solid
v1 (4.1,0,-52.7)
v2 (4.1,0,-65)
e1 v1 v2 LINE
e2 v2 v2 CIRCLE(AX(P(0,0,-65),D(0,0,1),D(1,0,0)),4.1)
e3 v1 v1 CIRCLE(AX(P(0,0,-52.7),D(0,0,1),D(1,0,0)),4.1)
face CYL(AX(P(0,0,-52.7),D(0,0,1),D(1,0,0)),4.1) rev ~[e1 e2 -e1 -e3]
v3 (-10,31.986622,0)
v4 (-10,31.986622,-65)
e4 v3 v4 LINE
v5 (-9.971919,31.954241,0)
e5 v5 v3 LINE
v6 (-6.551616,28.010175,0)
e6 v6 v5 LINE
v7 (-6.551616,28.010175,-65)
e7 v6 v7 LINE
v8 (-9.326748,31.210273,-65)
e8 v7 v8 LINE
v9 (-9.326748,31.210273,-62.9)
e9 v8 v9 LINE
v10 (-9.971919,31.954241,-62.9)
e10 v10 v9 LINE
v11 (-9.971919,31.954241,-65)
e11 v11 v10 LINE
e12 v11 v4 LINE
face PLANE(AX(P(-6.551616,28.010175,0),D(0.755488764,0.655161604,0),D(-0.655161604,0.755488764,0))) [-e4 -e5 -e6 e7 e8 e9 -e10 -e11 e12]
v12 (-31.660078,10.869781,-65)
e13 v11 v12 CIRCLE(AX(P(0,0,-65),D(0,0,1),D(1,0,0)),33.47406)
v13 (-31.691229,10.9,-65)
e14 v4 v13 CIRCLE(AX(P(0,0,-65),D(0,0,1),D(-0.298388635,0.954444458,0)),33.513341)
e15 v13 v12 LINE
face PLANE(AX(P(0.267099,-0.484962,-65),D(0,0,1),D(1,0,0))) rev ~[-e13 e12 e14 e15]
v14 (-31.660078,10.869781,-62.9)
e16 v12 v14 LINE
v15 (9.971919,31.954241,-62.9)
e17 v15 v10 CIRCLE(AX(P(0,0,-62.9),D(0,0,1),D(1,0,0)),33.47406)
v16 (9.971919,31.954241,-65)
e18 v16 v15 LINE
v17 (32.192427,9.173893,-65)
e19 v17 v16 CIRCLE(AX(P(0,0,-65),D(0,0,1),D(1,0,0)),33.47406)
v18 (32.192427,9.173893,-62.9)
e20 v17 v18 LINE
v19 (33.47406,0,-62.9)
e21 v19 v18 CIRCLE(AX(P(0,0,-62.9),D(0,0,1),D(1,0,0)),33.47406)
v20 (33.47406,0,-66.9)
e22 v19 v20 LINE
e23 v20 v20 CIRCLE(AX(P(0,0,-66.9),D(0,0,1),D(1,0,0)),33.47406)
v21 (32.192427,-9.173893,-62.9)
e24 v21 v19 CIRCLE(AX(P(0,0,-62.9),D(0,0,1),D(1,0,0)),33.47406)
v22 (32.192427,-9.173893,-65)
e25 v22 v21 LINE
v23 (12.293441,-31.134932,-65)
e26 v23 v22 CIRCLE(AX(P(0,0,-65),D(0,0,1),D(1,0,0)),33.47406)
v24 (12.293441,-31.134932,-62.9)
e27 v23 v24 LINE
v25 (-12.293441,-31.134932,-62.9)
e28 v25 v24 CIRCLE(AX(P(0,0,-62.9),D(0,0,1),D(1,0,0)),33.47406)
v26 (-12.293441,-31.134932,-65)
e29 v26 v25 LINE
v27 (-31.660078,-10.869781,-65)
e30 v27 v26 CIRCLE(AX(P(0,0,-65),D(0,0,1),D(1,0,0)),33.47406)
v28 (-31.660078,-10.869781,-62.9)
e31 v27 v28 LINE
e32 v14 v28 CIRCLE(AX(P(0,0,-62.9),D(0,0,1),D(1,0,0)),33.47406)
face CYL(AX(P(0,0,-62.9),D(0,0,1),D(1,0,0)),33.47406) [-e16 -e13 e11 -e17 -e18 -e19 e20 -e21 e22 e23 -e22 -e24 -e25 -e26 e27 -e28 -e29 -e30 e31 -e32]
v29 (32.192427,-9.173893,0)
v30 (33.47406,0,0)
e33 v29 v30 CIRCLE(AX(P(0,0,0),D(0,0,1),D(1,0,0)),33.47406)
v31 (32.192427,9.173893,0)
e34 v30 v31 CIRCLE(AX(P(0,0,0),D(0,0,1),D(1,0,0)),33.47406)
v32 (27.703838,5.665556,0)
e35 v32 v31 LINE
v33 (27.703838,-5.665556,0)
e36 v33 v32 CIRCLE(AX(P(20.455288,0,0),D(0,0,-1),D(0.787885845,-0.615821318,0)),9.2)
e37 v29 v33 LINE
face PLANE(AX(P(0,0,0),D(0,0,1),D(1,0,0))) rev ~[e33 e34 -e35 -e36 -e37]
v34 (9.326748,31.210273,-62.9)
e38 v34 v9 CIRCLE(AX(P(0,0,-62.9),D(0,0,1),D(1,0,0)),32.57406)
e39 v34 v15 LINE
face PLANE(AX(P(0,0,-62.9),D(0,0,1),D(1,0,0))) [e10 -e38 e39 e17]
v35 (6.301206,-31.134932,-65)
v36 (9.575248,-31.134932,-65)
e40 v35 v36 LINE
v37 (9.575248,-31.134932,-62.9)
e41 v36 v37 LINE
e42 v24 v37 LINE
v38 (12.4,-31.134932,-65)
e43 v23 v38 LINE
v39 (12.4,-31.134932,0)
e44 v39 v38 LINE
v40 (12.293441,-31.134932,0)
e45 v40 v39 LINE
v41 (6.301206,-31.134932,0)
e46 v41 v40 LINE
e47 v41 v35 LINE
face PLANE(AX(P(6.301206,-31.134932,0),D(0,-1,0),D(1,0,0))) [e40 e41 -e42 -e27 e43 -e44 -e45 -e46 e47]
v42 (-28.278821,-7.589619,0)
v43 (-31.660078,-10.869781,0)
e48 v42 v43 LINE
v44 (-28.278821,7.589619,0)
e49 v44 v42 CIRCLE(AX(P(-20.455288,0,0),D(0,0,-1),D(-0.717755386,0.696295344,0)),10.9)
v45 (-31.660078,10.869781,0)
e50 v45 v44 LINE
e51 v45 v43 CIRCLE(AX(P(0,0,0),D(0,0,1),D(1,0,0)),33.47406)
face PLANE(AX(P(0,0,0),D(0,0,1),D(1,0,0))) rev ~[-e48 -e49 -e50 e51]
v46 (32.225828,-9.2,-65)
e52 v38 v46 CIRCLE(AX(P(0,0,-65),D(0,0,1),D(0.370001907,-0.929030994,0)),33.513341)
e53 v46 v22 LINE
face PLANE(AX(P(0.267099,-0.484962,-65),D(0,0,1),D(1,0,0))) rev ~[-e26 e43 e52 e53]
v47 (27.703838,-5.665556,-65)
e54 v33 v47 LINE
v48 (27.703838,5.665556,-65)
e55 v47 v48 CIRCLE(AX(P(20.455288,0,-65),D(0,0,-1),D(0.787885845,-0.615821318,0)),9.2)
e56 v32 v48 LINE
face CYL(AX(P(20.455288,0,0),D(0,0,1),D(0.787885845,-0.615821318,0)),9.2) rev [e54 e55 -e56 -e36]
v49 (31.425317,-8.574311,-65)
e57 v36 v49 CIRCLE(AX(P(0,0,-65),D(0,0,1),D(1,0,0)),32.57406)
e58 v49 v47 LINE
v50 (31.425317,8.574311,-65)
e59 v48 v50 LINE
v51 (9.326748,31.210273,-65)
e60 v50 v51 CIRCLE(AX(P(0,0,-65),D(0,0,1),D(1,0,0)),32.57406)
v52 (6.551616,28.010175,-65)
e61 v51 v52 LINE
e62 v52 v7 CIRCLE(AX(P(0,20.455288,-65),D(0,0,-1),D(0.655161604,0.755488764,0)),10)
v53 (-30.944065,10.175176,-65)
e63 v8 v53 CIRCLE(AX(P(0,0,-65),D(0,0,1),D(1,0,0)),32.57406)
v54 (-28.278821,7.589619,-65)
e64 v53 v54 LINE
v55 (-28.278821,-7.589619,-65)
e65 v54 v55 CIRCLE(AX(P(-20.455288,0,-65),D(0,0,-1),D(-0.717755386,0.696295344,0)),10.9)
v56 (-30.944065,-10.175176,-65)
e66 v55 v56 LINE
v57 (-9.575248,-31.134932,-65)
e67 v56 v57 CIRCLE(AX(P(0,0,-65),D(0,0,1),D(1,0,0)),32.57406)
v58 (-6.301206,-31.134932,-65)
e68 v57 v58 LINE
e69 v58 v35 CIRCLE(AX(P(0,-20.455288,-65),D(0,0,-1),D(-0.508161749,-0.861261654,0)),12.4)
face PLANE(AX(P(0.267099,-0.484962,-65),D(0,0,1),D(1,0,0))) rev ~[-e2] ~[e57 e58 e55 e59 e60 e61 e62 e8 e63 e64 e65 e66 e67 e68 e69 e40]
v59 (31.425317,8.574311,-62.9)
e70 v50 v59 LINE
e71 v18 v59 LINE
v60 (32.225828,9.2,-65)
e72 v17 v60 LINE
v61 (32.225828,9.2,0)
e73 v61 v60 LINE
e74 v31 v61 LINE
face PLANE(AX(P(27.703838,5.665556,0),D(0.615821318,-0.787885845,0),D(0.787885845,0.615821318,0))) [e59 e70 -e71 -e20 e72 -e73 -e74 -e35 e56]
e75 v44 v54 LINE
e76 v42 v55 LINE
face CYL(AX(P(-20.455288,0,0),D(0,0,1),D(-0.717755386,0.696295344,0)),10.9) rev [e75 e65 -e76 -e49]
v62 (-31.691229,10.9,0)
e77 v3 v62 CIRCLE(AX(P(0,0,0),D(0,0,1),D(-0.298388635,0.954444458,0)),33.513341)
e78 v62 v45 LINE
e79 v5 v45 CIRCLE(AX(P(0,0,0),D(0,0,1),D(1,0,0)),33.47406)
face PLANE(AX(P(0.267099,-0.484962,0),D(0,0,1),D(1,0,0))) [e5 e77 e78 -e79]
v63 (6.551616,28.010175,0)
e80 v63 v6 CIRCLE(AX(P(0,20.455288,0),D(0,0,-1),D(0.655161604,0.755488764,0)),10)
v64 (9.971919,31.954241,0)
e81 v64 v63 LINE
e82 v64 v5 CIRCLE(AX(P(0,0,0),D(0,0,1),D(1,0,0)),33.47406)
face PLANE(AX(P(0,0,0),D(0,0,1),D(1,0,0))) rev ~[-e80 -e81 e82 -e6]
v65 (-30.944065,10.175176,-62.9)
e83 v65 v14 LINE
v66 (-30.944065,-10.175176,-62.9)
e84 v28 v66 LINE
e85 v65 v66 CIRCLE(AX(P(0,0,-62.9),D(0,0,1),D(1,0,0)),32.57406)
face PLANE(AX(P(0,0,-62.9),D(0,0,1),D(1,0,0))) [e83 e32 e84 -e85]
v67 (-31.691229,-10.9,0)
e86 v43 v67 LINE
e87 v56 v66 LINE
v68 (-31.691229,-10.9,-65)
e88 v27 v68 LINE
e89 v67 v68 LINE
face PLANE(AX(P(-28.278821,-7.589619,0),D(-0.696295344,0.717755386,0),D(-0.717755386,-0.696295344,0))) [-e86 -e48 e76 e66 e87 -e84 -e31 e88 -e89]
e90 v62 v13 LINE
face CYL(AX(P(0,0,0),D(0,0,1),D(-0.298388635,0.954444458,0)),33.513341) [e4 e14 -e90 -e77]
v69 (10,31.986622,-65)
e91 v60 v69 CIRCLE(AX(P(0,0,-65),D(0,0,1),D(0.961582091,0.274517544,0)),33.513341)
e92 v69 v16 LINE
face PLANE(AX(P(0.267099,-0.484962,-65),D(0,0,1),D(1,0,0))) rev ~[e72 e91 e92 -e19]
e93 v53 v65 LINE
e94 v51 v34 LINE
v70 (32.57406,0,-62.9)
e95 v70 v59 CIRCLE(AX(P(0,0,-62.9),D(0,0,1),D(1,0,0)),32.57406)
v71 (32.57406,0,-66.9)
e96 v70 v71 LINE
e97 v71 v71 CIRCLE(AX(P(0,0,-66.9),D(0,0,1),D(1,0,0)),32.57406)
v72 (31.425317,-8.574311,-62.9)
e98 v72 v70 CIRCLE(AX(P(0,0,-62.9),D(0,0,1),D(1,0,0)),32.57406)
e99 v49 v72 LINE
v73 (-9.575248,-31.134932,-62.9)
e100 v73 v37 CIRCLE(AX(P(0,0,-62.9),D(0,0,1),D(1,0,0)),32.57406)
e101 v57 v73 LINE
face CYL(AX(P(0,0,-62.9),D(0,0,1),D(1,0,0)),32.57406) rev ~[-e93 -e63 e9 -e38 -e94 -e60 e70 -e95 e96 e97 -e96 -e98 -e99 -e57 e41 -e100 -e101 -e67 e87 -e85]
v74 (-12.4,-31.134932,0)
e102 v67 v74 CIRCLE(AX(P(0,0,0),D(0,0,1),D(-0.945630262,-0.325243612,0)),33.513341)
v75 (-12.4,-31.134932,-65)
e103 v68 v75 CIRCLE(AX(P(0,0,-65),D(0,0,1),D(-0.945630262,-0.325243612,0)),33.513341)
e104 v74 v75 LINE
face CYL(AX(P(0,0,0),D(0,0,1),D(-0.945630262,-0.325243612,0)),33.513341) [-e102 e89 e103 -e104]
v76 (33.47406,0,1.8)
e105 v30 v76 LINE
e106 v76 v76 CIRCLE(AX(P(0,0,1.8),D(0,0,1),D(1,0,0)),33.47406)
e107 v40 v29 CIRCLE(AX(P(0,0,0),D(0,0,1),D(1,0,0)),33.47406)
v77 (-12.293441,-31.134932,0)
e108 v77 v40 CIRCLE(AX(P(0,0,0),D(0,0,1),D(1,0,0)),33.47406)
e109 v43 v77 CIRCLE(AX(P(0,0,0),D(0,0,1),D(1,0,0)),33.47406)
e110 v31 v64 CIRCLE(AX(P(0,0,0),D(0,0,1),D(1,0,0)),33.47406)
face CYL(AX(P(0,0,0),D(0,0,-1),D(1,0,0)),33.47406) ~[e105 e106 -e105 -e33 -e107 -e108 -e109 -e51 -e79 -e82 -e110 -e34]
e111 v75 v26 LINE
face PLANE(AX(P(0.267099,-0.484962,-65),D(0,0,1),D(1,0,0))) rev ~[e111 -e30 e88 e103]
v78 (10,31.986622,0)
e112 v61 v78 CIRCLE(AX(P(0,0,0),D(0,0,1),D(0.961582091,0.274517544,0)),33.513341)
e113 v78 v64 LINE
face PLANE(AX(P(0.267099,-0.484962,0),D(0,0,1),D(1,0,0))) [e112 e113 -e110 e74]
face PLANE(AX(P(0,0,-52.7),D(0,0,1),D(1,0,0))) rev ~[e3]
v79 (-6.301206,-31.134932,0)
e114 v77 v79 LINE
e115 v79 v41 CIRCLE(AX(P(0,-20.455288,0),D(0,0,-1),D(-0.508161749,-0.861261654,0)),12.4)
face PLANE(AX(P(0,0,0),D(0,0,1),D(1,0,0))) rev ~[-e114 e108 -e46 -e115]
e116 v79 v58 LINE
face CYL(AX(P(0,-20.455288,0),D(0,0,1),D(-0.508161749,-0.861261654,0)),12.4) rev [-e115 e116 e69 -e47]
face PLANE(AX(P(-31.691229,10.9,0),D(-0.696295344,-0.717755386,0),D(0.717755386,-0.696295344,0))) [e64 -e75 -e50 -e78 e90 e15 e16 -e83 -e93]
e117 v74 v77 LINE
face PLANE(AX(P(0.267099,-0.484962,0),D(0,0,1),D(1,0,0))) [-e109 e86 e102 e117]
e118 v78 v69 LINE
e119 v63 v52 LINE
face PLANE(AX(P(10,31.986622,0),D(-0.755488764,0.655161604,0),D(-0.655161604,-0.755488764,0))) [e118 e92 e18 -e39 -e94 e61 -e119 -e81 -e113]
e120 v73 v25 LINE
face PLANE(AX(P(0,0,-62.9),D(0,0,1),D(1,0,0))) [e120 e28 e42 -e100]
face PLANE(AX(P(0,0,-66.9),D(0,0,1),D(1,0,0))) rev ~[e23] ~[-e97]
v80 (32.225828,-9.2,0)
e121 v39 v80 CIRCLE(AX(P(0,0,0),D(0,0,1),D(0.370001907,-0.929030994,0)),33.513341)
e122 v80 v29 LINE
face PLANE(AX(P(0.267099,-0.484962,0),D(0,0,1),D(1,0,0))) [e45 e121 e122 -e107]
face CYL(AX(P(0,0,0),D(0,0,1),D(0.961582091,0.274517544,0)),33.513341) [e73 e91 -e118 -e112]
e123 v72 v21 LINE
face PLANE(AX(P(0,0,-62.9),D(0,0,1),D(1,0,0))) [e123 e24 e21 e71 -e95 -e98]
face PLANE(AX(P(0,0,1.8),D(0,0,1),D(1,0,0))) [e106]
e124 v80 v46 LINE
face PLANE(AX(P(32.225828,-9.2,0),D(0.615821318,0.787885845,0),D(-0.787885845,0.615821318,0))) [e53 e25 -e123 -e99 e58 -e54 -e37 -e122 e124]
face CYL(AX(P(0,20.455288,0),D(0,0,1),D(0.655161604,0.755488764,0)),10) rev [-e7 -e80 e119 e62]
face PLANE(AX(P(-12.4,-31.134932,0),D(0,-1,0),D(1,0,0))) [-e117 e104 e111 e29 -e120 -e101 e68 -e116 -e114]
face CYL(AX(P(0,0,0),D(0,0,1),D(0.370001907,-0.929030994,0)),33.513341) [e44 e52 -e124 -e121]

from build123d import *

# Parameters (mm, degrees)
F1_DEPTH = 65
F2_R     = 33.47406
F3_DEPTH = 1.8
F5_START = -62.9
F4_R     = 33.47406
F4_R_2   = 32.57406
F5_DEPTH = 4
F7_START = -52.7
F6_R     = 4.1
F7_DEPTH = 12.3


with BuildPart() as f1:
    # F0 (on Top) → F1 (new body)
    with BuildSketch(Plane.XY):
        with BuildLine():
            ThreePointArc((-6.301205687, -31.1349322809), (0, -8.0552877694), (6.301205687, -31.1349322809))
            Line((6.301205687, -31.1349322809), (12.4, -31.1349322809))
            ThreePointArc((12.4, -31.1349322809), (24.8626517269, -22.4720394544), (32.2258282769, -9.2))
            Line((32.2258282769, -9.2), (27.7038375399, -5.6655561268))
            ThreePointArc((27.7038375399, -5.6655561268), (11.2552877694, 0), (27.7038375399, 5.6655561268))
            Line((27.7038375399, 5.6655561268), (32.2258282769, 9.2))
            ThreePointArc((32.2258282769, 9.2), (23.9908874936, 23.4004556666), (10, 31.9866223308))
            Line((10, 31.9866223308), (6.5516160367, 28.0101754131))
            ThreePointArc((6.5516160367, 28.0101754131), (0, 10.4552877694), (-6.5516160367, 28.0101754131))
            Line((-6.5516160367, 28.0101754131), (-10, 31.9866223308))
            ThreePointArc((-10, 31.9866223308), (-23.3602452547, 24.0300426503), (-31.6912291989, 10.9))
            Line((-31.6912291989, 10.9), (-28.2788214738, 7.5896192511))
            ThreePointArc((-28.2788214738, 7.5896192511), (-9.5552877694, 0), (-28.2788214738, -7.5896192511))
            Line((-28.2788214738, -7.5896192511), (-31.6912291989, -10.9))
            ThreePointArc((-31.6912291989, -10.9), (-24.256385637, -23.125132734), (-12.4, -31.1349322809))
            Line((-12.4, -31.1349322809), (-6.301205687, -31.1349322809))
        make_face()
    extrude(amount=-F1_DEPTH)

    # F2 (on Top) → F3 (join)
    with BuildSketch(Plane.XY):
        Circle(F2_R)
    extrude(amount=F3_DEPTH)

    # F4 (on Top) → F5 (join)
    with BuildSketch(Plane.XY.offset(F5_START)):
        Circle(F4_R)
        Circle(F4_R_2, mode=Mode.SUBTRACT)
    extrude(amount=-F5_DEPTH)

    # F6 (on Top) → F7 (cut)
    with BuildSketch(Plane.XY.offset(F7_START)):
        Circle(F6_R)
    extrude(amount=-F7_DEPTH, mode=Mode.SUBTRACT)


solid = f1.part
